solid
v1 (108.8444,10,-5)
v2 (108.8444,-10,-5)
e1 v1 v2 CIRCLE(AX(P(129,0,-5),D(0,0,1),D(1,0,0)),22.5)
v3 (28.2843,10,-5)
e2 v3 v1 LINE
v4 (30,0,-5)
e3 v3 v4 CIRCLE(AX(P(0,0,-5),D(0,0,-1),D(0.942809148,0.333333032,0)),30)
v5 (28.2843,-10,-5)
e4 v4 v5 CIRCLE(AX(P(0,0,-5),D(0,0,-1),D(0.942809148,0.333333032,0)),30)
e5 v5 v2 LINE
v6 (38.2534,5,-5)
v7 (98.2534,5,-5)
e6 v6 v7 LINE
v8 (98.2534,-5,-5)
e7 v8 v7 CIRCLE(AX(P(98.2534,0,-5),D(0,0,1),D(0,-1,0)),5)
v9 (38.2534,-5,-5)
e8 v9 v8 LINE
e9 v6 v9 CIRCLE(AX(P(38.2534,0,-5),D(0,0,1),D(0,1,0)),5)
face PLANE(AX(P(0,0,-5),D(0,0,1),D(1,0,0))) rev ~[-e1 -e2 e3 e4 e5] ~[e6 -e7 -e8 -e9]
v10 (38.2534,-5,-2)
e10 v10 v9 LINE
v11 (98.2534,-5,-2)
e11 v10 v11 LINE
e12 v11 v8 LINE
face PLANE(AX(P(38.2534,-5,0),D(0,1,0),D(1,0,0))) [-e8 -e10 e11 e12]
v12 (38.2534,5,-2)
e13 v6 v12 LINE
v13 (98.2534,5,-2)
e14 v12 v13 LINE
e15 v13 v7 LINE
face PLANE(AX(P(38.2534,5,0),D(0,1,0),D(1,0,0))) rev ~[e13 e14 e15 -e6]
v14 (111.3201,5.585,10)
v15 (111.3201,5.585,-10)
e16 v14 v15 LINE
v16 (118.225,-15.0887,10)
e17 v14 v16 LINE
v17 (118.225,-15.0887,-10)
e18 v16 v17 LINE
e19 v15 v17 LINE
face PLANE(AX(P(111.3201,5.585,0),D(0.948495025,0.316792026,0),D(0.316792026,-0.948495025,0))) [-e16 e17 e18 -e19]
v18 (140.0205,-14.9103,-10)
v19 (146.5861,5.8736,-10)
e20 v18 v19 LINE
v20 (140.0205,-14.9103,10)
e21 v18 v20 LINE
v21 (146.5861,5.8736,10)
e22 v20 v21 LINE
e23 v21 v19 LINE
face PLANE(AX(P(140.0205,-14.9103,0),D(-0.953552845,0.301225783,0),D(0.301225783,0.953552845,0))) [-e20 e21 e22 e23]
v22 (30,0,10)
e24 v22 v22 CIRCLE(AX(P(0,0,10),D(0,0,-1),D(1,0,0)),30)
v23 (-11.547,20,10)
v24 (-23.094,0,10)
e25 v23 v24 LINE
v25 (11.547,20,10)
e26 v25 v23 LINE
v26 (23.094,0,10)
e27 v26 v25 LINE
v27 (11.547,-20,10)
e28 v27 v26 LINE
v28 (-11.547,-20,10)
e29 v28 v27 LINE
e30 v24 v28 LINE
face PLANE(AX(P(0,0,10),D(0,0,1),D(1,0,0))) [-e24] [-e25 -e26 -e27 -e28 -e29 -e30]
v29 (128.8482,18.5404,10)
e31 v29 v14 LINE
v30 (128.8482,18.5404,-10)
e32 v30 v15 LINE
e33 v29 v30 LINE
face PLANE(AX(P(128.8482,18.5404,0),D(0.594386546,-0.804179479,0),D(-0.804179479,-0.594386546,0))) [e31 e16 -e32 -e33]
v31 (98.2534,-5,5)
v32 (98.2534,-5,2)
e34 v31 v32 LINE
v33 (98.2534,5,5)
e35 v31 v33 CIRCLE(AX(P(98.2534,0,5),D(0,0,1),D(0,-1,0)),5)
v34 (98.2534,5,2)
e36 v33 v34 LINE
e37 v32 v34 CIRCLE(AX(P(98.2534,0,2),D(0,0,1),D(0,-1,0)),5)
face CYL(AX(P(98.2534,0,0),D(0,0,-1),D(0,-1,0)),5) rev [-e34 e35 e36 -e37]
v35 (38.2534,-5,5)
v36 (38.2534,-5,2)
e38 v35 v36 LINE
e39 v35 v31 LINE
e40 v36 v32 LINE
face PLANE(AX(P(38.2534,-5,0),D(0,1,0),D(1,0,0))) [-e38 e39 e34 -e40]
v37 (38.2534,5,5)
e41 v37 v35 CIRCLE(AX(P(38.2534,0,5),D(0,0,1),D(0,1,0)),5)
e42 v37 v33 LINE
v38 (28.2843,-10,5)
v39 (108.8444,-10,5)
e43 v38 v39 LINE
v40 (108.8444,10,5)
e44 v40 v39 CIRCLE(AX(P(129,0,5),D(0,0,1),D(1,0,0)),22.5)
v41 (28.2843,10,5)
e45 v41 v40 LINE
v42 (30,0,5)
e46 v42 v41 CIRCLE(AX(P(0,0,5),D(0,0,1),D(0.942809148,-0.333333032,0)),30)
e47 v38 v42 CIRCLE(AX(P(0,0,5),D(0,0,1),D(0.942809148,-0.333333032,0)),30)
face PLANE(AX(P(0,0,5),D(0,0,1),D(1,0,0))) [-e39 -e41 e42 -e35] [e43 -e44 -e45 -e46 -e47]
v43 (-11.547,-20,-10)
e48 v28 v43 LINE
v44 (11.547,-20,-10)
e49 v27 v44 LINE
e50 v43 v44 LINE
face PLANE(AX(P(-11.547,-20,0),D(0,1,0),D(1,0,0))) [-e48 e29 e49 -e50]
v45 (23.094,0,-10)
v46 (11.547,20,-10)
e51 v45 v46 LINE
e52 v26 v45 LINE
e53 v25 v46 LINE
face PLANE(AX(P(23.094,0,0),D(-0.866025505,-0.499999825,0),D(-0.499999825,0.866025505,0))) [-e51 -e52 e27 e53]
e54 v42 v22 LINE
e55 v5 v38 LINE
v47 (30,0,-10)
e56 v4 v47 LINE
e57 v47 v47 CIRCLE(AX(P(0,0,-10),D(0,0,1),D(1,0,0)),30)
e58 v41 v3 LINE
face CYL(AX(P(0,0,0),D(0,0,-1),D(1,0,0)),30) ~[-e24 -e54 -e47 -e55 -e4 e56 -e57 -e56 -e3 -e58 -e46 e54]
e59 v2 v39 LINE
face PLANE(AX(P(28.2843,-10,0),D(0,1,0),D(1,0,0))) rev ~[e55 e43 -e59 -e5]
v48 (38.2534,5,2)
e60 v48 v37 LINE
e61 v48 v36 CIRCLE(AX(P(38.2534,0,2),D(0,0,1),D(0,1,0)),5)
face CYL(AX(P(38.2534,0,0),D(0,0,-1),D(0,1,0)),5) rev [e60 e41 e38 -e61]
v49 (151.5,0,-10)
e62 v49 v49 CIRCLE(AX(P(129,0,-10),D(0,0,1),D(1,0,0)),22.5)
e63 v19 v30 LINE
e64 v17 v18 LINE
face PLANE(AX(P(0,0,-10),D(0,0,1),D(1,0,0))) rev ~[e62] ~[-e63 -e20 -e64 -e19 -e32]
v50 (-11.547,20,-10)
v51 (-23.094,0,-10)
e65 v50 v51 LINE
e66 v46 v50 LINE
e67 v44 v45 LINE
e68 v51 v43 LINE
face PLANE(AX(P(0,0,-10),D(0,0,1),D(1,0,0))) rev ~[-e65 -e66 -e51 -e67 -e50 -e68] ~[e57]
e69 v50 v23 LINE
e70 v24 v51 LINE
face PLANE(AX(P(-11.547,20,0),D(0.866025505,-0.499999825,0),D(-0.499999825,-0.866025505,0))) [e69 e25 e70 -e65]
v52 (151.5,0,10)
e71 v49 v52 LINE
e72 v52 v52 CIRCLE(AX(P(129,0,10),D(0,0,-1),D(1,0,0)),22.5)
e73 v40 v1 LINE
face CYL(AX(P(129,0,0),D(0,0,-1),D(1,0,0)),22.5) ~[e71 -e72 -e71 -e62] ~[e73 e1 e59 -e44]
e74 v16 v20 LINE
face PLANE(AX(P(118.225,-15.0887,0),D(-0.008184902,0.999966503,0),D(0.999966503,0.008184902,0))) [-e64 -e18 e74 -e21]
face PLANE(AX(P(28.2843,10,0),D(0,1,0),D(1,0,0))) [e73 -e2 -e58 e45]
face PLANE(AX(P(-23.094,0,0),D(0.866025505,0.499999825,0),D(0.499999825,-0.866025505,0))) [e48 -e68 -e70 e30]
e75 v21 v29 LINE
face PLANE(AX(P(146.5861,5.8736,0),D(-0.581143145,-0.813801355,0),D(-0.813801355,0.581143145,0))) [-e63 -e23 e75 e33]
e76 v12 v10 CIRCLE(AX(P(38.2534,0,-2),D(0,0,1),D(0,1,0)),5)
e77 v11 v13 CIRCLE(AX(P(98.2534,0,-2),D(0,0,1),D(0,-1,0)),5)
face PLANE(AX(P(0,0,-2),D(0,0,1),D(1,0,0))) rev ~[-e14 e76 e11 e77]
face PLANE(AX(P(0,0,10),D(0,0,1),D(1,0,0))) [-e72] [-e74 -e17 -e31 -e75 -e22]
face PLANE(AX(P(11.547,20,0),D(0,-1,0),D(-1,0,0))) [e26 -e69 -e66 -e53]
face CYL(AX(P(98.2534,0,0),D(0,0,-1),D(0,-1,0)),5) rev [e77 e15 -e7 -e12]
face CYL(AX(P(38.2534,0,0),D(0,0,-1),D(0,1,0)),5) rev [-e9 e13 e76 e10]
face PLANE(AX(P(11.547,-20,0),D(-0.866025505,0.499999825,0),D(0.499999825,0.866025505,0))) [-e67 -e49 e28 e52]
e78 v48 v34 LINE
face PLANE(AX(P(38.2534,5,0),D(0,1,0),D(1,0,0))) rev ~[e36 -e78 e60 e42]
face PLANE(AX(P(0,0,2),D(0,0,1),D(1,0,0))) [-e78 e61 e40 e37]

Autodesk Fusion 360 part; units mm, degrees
sketch "Sketch1" plane through (0, 0, 0) normal (0, 0, 1) x (1, 0, 0) in component "exercise 2"
  circle A0 centre (0, 0) radius 30
  line L0 (0, 0) -> (129, 0) construction
  circle A1 centre (129, 0) radius 22.5
  line L1 (28.2843, 10) -> (108.8444, 10)
  line L2 (28.2843, -10) -> (108.8444, -10)
  line L3 (-11.547, 20) -> (-23.094, 0)
  line L4 (-23.094, 0) -> (-11.547, -20)
  line L5 (-11.547, -20) -> (11.547, -20)
  line L6 (11.547, -20) -> (23.094, 0)
  line L7 (23.094, 0) -> (11.547, 20)
  line L8 (11.547, 20) -> (-11.547, 20)
  line L9 (140.0205, -14.9103) -> (146.5861, 5.8736)
  line L10 (146.5861, 5.8736) -> (128.8482, 18.5404)
  line L11 (128.8482, 18.5404) -> (111.3201, 5.585)
  line L12 (111.3201, 5.585) -> (118.225, -15.0887)
  line L13 (118.225, -15.0887) -> (140.0205, -14.9103)
  line L14 (64.5, 0) -> (64.5, 50) construction
  line L15 (38.2534, 0) -> (64.5, 0)
  line L16 (43.2534, 0) -> (98.2534, 0) construction
  line L17 (38.2534, 5) -> (98.2534, 5)
  line L18 (38.2534, -5) -> (98.2534, -5)
  arc A2 (38.2534, 5) -> (38.2534, -5) centre (38.2534, 0) ccw
  arc A3 (98.2534, -5) -> (98.2534, 5) centre (98.2534, 0) ccw
  point P0 (129, 0)
  dimension "d1" = 60
  dimension "d2" = 45
  dimension "d3" = 129
  dimension "d6" = 20
  dimension "d7" = 15
  dimension "d8" = 10
  dimension "d9" = 10
  dimension "d10" = 60
extrude "Extrude1" add sketch "Sketch1" along normal mid plane 20 contours A0 | A1 makes body 1 at (27.1662, -12.7278, 3.3333) makes body 2 at (151.3882, -2.2403, -3.3333) in component "exercise 2"
extrude "Extrude2" add sketch "Sketch1" along normal mid plane 10 contours A0 A1 L1 L2 bodies 1 2 in component "exercise 2"
extrude "Extrude3" add sketch "Sketch1" along normal mid plane 4 contours L17 L18 A2 A3 bodies 1 in component "exercise 2"
component "exercise 2" placed x (1, 0, 0) y (0, 1, 0) z (0, 0, 1) at (0, 0, 0)
